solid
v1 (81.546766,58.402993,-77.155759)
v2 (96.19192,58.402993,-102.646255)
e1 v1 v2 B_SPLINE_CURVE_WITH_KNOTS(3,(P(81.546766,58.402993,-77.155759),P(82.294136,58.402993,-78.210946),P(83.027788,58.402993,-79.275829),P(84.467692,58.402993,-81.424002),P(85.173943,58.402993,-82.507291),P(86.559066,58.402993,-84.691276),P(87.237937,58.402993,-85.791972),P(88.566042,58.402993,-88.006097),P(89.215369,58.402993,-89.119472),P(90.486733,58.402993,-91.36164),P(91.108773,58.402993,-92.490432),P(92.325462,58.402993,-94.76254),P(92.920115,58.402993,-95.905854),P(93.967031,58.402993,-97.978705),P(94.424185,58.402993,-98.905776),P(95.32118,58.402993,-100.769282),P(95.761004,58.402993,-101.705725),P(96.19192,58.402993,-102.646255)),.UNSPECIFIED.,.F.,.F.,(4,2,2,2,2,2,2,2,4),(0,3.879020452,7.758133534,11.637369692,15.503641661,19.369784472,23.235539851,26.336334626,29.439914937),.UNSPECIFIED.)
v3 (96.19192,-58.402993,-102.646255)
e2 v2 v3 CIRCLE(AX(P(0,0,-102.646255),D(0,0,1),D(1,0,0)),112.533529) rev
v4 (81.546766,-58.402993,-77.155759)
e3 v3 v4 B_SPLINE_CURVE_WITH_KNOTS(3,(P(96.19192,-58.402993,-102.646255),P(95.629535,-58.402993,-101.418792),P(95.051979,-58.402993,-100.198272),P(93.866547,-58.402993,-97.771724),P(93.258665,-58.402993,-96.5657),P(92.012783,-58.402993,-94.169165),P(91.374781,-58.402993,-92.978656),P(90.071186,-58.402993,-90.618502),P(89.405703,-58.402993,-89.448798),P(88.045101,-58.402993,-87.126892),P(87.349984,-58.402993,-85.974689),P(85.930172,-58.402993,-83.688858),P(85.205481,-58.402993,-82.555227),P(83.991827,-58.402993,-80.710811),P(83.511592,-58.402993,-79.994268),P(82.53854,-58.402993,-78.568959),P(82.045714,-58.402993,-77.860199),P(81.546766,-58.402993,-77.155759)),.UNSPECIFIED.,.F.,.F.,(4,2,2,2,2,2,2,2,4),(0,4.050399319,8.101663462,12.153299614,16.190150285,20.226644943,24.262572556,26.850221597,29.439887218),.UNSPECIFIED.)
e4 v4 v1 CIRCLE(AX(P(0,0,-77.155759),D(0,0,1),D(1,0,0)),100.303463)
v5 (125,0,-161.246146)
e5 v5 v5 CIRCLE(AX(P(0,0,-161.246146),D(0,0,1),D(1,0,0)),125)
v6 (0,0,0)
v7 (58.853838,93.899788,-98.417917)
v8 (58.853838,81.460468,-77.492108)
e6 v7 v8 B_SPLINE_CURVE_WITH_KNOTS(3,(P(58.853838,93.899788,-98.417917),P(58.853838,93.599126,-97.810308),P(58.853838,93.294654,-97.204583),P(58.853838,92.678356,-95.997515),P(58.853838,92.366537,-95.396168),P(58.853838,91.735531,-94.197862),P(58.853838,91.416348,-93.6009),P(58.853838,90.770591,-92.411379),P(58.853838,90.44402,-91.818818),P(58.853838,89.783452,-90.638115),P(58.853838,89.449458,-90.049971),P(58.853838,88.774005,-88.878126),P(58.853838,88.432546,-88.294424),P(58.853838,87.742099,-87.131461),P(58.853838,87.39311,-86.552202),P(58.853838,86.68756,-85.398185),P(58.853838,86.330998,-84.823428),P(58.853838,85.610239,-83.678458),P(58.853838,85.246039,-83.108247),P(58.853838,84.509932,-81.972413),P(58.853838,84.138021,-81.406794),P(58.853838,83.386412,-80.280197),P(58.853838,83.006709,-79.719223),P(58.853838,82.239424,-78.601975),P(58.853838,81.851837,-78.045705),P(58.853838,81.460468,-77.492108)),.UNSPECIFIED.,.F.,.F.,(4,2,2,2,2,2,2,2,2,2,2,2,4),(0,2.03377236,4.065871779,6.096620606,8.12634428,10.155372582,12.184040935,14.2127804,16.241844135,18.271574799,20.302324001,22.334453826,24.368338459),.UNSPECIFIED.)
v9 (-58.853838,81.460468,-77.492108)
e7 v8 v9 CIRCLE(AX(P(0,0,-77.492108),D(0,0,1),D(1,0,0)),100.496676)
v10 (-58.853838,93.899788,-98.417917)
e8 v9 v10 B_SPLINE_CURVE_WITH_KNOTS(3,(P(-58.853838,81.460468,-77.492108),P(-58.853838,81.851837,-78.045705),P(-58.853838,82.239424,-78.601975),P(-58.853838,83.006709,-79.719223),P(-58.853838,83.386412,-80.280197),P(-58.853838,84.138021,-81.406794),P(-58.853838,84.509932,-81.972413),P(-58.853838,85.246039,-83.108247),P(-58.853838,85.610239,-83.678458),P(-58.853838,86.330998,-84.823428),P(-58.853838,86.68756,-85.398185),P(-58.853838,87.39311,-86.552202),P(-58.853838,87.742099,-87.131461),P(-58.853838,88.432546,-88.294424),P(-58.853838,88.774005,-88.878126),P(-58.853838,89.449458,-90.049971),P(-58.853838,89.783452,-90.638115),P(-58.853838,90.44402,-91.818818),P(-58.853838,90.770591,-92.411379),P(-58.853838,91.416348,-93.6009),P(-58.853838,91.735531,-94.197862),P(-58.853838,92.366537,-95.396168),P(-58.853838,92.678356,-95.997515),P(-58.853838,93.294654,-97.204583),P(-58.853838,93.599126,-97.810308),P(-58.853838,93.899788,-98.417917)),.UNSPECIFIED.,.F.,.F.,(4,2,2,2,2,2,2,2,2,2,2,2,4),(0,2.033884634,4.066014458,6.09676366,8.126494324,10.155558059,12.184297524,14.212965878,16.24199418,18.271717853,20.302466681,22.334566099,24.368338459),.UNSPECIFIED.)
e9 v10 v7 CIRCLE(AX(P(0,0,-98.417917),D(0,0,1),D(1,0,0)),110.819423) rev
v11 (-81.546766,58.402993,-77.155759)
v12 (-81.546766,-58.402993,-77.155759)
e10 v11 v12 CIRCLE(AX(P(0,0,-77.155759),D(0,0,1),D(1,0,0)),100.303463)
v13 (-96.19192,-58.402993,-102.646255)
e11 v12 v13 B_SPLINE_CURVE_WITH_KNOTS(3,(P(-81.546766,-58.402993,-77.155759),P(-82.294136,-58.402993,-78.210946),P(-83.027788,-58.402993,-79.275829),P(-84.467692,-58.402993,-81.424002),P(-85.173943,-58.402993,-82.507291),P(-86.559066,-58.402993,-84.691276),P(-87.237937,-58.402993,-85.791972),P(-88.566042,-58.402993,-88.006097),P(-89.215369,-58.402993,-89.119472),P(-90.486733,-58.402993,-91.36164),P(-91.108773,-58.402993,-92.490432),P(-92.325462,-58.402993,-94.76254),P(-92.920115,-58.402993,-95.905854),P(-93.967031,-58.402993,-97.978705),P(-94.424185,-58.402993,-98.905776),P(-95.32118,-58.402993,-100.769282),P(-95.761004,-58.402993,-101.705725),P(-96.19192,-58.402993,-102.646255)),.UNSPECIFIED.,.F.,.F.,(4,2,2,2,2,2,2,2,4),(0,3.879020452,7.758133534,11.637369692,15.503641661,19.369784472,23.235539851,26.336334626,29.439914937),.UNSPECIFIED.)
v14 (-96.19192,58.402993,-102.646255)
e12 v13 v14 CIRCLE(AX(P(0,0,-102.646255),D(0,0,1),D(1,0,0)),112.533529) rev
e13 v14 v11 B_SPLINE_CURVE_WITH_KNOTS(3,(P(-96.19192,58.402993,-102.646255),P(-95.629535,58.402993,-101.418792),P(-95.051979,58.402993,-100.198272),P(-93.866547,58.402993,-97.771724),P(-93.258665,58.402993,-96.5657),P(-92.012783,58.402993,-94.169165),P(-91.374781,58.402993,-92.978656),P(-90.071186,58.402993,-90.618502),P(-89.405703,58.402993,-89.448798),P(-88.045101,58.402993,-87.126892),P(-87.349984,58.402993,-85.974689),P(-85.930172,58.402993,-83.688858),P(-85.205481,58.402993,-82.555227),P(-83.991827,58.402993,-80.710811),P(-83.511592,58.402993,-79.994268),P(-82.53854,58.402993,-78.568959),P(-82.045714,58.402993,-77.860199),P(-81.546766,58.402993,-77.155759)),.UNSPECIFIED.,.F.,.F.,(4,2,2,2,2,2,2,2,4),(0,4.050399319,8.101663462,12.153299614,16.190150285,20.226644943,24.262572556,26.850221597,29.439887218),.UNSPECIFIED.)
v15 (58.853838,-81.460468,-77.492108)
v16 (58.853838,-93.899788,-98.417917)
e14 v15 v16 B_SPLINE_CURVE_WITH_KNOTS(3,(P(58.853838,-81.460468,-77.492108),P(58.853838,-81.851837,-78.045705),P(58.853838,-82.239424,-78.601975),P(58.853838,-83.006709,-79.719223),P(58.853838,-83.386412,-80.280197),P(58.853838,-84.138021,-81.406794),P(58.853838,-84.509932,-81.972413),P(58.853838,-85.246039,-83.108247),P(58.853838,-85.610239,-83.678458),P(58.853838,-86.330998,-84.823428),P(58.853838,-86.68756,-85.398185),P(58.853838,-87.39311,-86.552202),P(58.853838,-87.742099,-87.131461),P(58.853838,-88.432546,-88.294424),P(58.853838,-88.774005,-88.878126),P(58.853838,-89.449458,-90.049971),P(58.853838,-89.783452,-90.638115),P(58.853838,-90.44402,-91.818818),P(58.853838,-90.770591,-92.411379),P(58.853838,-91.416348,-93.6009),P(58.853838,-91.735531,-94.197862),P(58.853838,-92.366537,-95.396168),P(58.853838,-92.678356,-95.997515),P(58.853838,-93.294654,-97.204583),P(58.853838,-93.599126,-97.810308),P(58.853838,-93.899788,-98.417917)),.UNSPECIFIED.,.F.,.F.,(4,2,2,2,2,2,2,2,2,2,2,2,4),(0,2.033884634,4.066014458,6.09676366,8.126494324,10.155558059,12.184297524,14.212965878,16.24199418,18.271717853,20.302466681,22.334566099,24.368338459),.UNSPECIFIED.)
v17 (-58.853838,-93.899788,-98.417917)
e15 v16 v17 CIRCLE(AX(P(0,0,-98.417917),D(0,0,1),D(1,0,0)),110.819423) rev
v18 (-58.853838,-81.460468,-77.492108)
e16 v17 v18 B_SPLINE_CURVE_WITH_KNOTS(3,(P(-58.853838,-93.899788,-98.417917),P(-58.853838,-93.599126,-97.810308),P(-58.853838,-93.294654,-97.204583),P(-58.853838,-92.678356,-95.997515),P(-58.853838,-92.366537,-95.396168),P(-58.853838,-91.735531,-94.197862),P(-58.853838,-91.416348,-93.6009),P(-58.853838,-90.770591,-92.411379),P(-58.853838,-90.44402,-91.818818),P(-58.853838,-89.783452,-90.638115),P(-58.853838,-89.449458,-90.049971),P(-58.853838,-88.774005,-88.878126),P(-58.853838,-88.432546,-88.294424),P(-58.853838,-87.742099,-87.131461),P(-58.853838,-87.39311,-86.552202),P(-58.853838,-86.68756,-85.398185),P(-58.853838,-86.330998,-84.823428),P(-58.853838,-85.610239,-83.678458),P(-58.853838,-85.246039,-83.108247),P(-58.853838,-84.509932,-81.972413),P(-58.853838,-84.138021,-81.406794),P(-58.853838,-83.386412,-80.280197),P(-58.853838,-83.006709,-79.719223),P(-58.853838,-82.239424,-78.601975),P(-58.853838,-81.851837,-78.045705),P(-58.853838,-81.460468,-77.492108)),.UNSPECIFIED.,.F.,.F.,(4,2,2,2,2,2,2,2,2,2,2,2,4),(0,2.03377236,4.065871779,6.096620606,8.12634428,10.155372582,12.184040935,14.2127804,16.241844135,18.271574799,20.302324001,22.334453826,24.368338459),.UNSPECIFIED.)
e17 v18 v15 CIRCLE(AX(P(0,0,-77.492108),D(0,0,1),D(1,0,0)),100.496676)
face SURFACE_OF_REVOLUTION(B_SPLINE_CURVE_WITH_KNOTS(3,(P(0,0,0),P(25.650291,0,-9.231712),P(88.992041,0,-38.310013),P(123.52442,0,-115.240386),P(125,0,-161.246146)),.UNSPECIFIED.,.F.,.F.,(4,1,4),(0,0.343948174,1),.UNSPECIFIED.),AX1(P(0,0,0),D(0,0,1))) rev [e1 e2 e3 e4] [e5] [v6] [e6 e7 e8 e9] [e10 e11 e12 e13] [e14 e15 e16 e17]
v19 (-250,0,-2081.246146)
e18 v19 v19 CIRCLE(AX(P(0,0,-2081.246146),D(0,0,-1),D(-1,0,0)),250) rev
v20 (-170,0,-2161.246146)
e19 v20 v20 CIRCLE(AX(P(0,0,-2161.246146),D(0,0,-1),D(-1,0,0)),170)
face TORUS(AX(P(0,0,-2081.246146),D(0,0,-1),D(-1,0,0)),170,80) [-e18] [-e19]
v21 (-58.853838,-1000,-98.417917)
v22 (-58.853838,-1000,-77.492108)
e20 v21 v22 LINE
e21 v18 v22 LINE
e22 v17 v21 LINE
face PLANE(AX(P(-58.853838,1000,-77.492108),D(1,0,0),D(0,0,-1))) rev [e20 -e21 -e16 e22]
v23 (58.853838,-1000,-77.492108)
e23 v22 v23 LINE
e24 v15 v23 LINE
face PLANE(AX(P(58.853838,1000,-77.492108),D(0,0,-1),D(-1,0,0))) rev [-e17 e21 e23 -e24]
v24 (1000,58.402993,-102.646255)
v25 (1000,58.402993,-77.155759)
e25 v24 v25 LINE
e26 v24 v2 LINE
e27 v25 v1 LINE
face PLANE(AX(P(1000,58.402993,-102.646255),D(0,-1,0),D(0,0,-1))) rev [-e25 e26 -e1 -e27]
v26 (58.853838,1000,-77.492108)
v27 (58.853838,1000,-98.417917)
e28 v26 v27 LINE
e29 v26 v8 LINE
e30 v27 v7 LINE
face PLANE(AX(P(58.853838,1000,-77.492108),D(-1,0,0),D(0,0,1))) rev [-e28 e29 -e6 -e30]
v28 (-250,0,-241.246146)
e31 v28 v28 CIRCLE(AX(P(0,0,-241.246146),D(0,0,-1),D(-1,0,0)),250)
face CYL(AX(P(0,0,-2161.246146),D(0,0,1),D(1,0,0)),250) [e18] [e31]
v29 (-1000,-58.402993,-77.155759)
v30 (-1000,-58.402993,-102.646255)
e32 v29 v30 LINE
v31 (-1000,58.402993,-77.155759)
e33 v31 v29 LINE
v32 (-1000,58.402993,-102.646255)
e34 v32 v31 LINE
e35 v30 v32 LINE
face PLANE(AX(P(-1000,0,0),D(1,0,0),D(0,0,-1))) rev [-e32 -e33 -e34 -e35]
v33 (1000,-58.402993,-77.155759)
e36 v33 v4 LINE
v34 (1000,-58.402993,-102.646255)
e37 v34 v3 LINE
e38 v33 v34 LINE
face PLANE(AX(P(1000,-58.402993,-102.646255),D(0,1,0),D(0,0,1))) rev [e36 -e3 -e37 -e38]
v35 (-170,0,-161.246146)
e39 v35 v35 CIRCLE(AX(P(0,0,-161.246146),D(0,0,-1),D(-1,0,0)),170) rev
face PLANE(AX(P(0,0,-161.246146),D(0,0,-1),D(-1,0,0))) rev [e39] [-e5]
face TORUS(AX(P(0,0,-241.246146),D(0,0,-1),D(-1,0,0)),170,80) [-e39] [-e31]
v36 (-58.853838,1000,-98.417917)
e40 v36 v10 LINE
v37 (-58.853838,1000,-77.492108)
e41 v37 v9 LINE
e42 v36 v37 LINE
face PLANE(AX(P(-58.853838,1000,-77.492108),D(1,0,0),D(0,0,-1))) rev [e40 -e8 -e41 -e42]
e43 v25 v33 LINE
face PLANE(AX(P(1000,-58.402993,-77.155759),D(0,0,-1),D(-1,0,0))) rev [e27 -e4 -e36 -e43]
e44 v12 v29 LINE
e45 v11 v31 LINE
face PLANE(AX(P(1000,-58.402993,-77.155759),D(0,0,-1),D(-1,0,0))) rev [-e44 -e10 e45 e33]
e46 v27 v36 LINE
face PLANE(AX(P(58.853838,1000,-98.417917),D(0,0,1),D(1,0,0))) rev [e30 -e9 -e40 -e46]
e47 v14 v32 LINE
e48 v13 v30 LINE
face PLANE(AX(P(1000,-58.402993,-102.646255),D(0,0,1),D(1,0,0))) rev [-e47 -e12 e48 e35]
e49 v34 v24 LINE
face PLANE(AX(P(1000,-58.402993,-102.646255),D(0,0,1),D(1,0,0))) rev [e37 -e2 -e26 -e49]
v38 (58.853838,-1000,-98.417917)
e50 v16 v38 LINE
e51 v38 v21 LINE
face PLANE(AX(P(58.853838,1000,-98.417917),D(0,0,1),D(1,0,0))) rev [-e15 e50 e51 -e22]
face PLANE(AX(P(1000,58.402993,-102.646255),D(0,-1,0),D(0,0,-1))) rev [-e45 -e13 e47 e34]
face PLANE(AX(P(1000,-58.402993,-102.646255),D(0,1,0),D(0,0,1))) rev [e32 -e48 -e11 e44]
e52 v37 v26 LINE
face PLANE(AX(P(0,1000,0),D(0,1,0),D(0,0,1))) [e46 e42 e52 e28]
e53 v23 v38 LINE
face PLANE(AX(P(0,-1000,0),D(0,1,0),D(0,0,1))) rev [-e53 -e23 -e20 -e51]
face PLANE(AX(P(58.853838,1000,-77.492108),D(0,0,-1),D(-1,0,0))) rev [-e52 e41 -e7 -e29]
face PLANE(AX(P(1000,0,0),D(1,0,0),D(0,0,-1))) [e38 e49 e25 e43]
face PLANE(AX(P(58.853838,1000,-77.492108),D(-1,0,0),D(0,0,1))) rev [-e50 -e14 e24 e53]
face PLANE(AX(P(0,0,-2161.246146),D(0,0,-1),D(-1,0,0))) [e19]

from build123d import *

# Parameters (mm, degrees)
SKETCH2_R           = 250
BOSS_EXTRUDE1_DEPTH = 2000
FILLET1_R           = 80
SKETCH3_W           = 117.707675128
SKETCH3_H           = 20.925808911
BOSS_EXTRUDE2_DEPTH = 1000
SKETCH4_W           = 25.490495711
SKETCH4_H           = 116.80598679
BOSS_EXTRUDE3_DEPTH = 1000


with BuildPart() as part:
    # Sketch1 → Revolve1 (revolve)
    with BuildSketch(Plane(origin=(0, 0, 0), x_dir=(1, 0, 0), z_dir=(0, 1, 0))):
        with BuildLine():
            Line((0, 0), (0, 161.246145612))
            Line((0, 161.246145612), (125, 161.246145612))
            add(Edge.make_bspline(
                [(0, 0), (25.65029122, 9.231711725), (88.992040542, 38.310012871), (123.524419947, 115.24038597), (125, 161.246145612)],
                knots=[0, 0, 0, 0, 0.343948174, 1, 1, 1, 1], degree=3))
        make_face()
    revolve(axis=Axis((0, 0, 0), (0, 0, -1)))

    # Sketch2 → Boss-Extrude1 (add)
    with BuildSketch(Plane(origin=(0, 0, -161.246145612), x_dir=(-1, 0, 0), z_dir=(0, 0, -1))):
        Circle(SKETCH2_R)
    extrude(amount=BOSS_EXTRUDE1_DEPTH)

    # Fillet1
    fillet1_edges = [part.edges().sort_by_distance(p)[0] for p in [
        (250, 0, -161.246145612),
        (250, 0, -2161.246145612),
    ]]
    fillet(fillet1_edges, radius=FILLET1_R)

    # Sketch3 → Boss-Extrude2 (add, symmetric)
    with BuildSketch(Plane(origin=(0, 0, 0), x_dir=(1, 0, 0), z_dir=(0, 1, 0))):
        with Locations((0, 87.955012557)):
            Rectangle(SKETCH3_W, SKETCH3_H)
    extrude(amount=BOSS_EXTRUDE2_DEPTH, both=True)

    # Sketch4 → Boss-Extrude3 (add, symmetric)
    with BuildSketch(Plane(origin=(0, 0, 0), x_dir=(0, 0, -1), z_dir=(1, 0, 0))):
        with Locations((89.901006948, 0)):
            Rectangle(SKETCH4_W, SKETCH4_H)
    extrude(amount=BOSS_EXTRUDE3_DEPTH, both=True)


solid = part.part
